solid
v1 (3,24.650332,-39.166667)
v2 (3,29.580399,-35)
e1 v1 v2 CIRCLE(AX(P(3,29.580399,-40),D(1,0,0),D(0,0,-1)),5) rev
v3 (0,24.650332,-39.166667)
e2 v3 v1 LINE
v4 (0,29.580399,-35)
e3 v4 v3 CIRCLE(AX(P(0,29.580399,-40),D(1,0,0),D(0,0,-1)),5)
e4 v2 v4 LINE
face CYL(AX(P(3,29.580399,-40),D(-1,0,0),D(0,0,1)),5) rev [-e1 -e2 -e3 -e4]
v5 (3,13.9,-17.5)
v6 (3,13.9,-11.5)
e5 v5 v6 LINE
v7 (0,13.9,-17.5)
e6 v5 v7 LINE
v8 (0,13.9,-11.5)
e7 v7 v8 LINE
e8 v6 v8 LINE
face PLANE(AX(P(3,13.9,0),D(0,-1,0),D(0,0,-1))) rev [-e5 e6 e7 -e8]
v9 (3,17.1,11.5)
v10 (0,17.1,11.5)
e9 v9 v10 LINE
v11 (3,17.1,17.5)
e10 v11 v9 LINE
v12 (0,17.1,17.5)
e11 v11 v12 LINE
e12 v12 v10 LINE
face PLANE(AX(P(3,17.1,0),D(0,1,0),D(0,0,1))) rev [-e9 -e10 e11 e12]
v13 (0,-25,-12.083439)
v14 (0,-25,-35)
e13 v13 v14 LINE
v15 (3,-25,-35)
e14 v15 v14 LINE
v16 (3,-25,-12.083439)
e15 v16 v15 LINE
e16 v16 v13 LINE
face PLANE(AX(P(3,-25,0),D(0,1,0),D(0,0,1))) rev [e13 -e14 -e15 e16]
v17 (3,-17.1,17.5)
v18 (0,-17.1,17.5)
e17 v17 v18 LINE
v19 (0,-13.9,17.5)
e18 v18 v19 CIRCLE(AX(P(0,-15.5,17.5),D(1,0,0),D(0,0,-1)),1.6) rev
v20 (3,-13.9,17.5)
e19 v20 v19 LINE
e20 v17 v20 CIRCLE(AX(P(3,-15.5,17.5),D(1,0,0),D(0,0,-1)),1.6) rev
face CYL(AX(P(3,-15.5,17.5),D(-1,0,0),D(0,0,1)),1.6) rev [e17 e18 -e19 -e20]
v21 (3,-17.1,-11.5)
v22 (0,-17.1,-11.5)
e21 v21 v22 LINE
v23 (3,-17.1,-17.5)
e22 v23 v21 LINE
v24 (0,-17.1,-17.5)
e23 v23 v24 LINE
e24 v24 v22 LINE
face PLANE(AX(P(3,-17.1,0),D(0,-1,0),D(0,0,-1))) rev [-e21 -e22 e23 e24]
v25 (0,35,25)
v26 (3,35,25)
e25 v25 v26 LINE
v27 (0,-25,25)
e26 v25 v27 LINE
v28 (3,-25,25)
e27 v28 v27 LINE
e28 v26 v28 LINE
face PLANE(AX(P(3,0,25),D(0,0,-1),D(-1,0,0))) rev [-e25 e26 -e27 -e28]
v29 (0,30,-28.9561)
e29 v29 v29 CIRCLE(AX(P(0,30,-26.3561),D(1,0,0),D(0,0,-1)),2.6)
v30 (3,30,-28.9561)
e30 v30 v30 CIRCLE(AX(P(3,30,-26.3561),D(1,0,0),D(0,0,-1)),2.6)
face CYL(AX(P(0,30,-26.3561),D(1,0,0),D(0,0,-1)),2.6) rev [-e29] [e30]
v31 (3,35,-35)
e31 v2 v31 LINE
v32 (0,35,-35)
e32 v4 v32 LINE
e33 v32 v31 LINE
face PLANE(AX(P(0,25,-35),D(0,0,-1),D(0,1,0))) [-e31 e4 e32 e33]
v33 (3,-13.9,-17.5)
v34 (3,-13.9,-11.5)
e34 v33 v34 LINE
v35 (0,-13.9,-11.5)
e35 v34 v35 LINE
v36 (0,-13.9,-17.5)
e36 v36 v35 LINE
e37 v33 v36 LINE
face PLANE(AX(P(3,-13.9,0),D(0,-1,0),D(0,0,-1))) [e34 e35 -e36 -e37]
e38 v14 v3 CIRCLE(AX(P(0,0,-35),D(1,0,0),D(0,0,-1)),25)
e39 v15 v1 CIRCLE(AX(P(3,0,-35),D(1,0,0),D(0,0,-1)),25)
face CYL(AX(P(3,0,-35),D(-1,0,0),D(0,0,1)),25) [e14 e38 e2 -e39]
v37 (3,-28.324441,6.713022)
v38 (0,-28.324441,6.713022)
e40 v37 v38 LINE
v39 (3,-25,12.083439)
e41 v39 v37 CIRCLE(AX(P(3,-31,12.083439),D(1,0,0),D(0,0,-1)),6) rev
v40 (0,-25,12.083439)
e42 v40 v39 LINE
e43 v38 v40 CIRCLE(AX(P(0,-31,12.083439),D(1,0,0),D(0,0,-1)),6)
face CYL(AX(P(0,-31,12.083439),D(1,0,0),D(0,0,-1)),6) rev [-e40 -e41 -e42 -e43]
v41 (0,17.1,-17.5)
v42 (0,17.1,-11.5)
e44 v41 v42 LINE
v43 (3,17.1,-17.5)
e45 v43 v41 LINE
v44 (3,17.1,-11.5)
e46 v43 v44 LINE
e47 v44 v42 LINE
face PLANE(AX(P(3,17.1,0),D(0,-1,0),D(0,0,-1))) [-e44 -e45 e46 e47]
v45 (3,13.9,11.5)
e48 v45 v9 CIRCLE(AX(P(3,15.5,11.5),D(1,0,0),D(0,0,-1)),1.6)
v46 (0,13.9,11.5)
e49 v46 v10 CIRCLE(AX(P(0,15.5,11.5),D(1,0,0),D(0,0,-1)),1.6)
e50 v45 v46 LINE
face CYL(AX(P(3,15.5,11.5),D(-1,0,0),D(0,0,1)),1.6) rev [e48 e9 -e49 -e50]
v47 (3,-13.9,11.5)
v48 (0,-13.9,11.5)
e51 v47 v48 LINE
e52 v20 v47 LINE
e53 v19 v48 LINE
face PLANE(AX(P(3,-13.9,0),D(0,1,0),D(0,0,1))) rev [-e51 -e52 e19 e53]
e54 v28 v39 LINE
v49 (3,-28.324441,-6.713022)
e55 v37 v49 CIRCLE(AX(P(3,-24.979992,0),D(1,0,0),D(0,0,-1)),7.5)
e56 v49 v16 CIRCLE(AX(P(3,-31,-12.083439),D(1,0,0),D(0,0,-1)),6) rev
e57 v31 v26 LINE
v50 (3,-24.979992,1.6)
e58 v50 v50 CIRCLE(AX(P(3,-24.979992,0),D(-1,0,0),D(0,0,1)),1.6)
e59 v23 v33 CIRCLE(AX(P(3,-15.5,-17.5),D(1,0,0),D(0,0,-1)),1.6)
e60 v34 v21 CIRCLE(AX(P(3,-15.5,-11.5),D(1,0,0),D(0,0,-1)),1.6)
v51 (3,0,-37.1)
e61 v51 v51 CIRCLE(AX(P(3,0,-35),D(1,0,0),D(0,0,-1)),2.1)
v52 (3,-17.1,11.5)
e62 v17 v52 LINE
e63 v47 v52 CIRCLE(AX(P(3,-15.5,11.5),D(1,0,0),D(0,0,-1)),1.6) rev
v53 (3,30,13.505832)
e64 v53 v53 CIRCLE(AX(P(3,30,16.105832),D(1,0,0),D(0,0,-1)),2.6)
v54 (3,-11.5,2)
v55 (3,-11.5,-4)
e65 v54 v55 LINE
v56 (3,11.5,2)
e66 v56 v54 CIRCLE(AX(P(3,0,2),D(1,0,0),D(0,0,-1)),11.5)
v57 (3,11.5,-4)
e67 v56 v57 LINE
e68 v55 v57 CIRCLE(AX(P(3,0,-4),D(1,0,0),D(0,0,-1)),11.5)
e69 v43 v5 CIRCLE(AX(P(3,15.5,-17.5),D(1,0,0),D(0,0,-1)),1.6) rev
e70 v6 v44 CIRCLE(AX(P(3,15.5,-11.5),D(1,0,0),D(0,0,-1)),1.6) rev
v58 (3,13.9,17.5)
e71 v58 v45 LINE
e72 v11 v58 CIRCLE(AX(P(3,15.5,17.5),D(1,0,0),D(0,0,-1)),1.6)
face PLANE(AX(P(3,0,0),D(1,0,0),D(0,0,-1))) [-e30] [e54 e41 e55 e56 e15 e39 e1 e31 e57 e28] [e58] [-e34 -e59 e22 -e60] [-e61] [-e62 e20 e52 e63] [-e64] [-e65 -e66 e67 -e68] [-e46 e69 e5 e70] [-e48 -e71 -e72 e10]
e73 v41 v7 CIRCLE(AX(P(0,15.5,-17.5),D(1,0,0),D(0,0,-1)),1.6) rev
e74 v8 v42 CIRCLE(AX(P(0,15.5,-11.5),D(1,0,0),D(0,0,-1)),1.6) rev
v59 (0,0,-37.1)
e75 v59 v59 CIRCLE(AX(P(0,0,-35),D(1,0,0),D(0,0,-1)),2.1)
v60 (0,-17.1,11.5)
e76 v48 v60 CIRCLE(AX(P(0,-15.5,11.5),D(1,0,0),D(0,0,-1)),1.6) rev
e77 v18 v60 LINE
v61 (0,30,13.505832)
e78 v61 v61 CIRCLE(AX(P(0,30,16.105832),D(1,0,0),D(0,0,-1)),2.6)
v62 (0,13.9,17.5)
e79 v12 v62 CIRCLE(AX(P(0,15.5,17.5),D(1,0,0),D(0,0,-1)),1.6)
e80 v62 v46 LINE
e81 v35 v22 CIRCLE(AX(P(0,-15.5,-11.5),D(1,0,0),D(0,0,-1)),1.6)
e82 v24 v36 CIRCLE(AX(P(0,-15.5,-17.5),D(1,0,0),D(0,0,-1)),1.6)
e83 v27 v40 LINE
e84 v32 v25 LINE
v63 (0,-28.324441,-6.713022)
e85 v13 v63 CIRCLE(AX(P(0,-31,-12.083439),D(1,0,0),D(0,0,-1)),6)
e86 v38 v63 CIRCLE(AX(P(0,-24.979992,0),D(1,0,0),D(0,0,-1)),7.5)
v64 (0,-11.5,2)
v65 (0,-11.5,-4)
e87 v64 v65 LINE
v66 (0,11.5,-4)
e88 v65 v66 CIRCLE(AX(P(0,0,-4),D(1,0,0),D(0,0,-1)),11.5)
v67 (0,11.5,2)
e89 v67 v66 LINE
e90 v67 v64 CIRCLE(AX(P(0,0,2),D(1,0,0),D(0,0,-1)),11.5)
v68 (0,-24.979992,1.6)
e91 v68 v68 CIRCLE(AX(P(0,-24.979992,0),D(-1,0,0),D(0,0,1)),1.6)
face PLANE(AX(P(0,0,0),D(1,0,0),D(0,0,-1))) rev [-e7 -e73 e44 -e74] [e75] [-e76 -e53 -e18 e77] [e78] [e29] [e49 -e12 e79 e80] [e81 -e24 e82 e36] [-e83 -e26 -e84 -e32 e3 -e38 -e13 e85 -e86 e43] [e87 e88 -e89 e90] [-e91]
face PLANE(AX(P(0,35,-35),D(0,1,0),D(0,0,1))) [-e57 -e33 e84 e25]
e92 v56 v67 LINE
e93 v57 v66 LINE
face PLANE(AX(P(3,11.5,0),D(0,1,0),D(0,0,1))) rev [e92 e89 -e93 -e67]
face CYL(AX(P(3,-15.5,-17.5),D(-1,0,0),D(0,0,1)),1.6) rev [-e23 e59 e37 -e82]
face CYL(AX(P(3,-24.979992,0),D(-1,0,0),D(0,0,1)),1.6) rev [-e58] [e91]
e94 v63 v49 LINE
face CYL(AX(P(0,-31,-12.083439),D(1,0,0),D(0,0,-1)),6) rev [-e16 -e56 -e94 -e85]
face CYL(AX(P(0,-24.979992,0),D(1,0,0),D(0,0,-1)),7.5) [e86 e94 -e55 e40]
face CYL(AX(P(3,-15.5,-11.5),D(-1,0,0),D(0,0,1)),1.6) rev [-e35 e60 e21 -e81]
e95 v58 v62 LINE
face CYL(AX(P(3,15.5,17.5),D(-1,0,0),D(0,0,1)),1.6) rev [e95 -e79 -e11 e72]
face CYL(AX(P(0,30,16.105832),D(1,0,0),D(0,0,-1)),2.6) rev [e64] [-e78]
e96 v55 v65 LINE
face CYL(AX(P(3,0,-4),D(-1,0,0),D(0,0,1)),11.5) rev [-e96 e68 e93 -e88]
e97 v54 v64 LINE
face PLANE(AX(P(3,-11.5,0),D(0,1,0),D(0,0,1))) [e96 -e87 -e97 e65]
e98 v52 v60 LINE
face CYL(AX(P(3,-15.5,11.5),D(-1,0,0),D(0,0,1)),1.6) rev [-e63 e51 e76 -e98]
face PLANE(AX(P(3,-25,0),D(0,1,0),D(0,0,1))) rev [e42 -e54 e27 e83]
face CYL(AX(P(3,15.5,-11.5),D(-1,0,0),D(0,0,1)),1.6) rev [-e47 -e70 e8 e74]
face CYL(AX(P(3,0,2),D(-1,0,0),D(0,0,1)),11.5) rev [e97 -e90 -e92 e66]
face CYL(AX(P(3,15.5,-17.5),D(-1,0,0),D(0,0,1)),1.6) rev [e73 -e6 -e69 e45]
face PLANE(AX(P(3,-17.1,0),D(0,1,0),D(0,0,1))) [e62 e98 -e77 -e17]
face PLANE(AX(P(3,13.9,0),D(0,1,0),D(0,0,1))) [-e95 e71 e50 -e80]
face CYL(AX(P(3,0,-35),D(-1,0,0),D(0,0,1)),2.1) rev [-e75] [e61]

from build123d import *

# Parameters (mm, degrees)
SKETCH1_R           = 2.1
BOSS_EXTRUDE2_DEPTH = 3
SKETCH2_R           = 7.5
BOSS_EXTRUDE3_DEPTH = 3
SKETCH3_W           = 60
SKETCH3_H           = 10
SKETCH3_R           = 2.6
BOSS_EXTRUDE4_DEPTH = 3
FILLET3_R           = 5
SKETCH4_R           = 1.6
CUT_EXTRUDE1_DEPTH  = 4
FILLET4_R           = 6


with BuildPart() as part:
    # Sketch1 → Boss-Extrude2 (new body)
    with BuildSketch(Plane(origin=(0, 0, 0), x_dir=(0, 0, -1), z_dir=(1, 0, 0))):
        with BuildLine():
            ThreePointArc((35, -25), (60, 0), (35, 25))
            Line((35, 25), (-25, 25))
            Line((-25, 25), (-25, -25))
            Line((-25, -25), (35, -25))
        make_face()
        with BuildLine():
            Line((-11.5, -17.1), (-17.5, -17.1))
            ThreePointArc((-17.5, -17.1), (-19.1, -15.5), (-17.5, -13.9))
            Line((-17.5, -13.9), (-11.5, -13.9))
            ThreePointArc((-11.5, -13.9), (-9.9, -15.5), (-11.5, -17.1))
        make_face(mode=Mode.SUBTRACT)
        with Locations((35, 0)):
            Circle(SKETCH1_R, mode=Mode.SUBTRACT)
        with BuildLine():
            Line((11.5, 17.1), (17.5, 17.1))
            ThreePointArc((17.5, 17.1), (19.1, 15.5), (17.5, 13.9))
            Line((17.5, 13.9), (11.5, 13.9))
            ThreePointArc((11.5, 13.9), (9.9, 15.5), (11.5, 17.1))
        make_face(mode=Mode.SUBTRACT)
        with BuildLine():
            ThreePointArc((4, 11.5), (15.5, 0), (4, -11.5))
            Line((4, -11.5), (-2, -11.5))
            ThreePointArc((-2, -11.5), (-13.5, 0), (-2, 11.5))
            Line((-2, 11.5), (4, 11.5))
        make_face(mode=Mode.SUBTRACT)
        with BuildLine():
            Line((11.5, -13.9), (17.5, -13.9))
            ThreePointArc((17.5, -13.9), (19.1, -15.5), (17.5, -17.1))
            Line((17.5, -17.1), (11.5, -17.1))
            ThreePointArc((11.5, -17.1), (9.9, -15.5), (11.5, -13.9))
        make_face(mode=Mode.SUBTRACT)
        with BuildLine():
            ThreePointArc((-17.5, 13.9), (-19.1, 15.5), (-17.5, 17.1))
            Line((-17.5, 17.1), (-11.5, 17.1))
            ThreePointArc((-11.5, 17.1), (-9.9, 15.5), (-11.5, 13.9))
            Line((-11.5, 13.9), (-17.5, 13.9))
        make_face(mode=Mode.SUBTRACT)
    extrude(amount=BOSS_EXTRUDE2_DEPTH)

    # Sketch2 → Boss-Extrude3 (add)
    with BuildSketch(Plane(origin=(3, 0, 0), x_dir=(0, 0, -1), z_dir=(1, 0, 0))):
        with Locations((0, -24.979991994)):
            Circle(SKETCH2_R)
    extrude(amount=-BOSS_EXTRUDE3_DEPTH)

    # Sketch3 → Boss-Extrude4 (add)
    with BuildSketch(Plane(origin=(3, 0, 0), x_dir=(0, 0, -1), z_dir=(1, 0, 0))):
        with Locations((5, 30)):
            Rectangle(SKETCH3_W, SKETCH3_H)
        with Locations((-16.105832267, 30)):
            Circle(SKETCH3_R, mode=Mode.SUBTRACT)
        with Locations((26.356099555, 30)):
            Circle(SKETCH3_R, mode=Mode.SUBTRACT)
    extrude(amount=-BOSS_EXTRUDE4_DEPTH)

    # Fillet3
    fillet3_edges = [part.edges().sort_by_distance(p)[0] for p in [
        (1.5, 25, -35),
    ]]
    fillet(fillet3_edges, radius=FILLET3_R)

    # Sketch4 → Cut-Extrude1 (cut, through all)
    with BuildSketch(Plane.ZY):
        with Locations((0, -24.979991994)):
            Circle(SKETCH4_R)
    extrude(amount=-CUT_EXTRUDE1_DEPTH, mode=Mode.SUBTRACT)

    # Fillet4
    fillet4_edges = [part.edges().sort_by_distance(p)[0] for p in [
        (1.5, -25, 7.499973312),
        (1.5, -25, -7.499973312),
    ]]
    fillet(fillet4_edges, radius=FILLET4_R)


solid = part.part
